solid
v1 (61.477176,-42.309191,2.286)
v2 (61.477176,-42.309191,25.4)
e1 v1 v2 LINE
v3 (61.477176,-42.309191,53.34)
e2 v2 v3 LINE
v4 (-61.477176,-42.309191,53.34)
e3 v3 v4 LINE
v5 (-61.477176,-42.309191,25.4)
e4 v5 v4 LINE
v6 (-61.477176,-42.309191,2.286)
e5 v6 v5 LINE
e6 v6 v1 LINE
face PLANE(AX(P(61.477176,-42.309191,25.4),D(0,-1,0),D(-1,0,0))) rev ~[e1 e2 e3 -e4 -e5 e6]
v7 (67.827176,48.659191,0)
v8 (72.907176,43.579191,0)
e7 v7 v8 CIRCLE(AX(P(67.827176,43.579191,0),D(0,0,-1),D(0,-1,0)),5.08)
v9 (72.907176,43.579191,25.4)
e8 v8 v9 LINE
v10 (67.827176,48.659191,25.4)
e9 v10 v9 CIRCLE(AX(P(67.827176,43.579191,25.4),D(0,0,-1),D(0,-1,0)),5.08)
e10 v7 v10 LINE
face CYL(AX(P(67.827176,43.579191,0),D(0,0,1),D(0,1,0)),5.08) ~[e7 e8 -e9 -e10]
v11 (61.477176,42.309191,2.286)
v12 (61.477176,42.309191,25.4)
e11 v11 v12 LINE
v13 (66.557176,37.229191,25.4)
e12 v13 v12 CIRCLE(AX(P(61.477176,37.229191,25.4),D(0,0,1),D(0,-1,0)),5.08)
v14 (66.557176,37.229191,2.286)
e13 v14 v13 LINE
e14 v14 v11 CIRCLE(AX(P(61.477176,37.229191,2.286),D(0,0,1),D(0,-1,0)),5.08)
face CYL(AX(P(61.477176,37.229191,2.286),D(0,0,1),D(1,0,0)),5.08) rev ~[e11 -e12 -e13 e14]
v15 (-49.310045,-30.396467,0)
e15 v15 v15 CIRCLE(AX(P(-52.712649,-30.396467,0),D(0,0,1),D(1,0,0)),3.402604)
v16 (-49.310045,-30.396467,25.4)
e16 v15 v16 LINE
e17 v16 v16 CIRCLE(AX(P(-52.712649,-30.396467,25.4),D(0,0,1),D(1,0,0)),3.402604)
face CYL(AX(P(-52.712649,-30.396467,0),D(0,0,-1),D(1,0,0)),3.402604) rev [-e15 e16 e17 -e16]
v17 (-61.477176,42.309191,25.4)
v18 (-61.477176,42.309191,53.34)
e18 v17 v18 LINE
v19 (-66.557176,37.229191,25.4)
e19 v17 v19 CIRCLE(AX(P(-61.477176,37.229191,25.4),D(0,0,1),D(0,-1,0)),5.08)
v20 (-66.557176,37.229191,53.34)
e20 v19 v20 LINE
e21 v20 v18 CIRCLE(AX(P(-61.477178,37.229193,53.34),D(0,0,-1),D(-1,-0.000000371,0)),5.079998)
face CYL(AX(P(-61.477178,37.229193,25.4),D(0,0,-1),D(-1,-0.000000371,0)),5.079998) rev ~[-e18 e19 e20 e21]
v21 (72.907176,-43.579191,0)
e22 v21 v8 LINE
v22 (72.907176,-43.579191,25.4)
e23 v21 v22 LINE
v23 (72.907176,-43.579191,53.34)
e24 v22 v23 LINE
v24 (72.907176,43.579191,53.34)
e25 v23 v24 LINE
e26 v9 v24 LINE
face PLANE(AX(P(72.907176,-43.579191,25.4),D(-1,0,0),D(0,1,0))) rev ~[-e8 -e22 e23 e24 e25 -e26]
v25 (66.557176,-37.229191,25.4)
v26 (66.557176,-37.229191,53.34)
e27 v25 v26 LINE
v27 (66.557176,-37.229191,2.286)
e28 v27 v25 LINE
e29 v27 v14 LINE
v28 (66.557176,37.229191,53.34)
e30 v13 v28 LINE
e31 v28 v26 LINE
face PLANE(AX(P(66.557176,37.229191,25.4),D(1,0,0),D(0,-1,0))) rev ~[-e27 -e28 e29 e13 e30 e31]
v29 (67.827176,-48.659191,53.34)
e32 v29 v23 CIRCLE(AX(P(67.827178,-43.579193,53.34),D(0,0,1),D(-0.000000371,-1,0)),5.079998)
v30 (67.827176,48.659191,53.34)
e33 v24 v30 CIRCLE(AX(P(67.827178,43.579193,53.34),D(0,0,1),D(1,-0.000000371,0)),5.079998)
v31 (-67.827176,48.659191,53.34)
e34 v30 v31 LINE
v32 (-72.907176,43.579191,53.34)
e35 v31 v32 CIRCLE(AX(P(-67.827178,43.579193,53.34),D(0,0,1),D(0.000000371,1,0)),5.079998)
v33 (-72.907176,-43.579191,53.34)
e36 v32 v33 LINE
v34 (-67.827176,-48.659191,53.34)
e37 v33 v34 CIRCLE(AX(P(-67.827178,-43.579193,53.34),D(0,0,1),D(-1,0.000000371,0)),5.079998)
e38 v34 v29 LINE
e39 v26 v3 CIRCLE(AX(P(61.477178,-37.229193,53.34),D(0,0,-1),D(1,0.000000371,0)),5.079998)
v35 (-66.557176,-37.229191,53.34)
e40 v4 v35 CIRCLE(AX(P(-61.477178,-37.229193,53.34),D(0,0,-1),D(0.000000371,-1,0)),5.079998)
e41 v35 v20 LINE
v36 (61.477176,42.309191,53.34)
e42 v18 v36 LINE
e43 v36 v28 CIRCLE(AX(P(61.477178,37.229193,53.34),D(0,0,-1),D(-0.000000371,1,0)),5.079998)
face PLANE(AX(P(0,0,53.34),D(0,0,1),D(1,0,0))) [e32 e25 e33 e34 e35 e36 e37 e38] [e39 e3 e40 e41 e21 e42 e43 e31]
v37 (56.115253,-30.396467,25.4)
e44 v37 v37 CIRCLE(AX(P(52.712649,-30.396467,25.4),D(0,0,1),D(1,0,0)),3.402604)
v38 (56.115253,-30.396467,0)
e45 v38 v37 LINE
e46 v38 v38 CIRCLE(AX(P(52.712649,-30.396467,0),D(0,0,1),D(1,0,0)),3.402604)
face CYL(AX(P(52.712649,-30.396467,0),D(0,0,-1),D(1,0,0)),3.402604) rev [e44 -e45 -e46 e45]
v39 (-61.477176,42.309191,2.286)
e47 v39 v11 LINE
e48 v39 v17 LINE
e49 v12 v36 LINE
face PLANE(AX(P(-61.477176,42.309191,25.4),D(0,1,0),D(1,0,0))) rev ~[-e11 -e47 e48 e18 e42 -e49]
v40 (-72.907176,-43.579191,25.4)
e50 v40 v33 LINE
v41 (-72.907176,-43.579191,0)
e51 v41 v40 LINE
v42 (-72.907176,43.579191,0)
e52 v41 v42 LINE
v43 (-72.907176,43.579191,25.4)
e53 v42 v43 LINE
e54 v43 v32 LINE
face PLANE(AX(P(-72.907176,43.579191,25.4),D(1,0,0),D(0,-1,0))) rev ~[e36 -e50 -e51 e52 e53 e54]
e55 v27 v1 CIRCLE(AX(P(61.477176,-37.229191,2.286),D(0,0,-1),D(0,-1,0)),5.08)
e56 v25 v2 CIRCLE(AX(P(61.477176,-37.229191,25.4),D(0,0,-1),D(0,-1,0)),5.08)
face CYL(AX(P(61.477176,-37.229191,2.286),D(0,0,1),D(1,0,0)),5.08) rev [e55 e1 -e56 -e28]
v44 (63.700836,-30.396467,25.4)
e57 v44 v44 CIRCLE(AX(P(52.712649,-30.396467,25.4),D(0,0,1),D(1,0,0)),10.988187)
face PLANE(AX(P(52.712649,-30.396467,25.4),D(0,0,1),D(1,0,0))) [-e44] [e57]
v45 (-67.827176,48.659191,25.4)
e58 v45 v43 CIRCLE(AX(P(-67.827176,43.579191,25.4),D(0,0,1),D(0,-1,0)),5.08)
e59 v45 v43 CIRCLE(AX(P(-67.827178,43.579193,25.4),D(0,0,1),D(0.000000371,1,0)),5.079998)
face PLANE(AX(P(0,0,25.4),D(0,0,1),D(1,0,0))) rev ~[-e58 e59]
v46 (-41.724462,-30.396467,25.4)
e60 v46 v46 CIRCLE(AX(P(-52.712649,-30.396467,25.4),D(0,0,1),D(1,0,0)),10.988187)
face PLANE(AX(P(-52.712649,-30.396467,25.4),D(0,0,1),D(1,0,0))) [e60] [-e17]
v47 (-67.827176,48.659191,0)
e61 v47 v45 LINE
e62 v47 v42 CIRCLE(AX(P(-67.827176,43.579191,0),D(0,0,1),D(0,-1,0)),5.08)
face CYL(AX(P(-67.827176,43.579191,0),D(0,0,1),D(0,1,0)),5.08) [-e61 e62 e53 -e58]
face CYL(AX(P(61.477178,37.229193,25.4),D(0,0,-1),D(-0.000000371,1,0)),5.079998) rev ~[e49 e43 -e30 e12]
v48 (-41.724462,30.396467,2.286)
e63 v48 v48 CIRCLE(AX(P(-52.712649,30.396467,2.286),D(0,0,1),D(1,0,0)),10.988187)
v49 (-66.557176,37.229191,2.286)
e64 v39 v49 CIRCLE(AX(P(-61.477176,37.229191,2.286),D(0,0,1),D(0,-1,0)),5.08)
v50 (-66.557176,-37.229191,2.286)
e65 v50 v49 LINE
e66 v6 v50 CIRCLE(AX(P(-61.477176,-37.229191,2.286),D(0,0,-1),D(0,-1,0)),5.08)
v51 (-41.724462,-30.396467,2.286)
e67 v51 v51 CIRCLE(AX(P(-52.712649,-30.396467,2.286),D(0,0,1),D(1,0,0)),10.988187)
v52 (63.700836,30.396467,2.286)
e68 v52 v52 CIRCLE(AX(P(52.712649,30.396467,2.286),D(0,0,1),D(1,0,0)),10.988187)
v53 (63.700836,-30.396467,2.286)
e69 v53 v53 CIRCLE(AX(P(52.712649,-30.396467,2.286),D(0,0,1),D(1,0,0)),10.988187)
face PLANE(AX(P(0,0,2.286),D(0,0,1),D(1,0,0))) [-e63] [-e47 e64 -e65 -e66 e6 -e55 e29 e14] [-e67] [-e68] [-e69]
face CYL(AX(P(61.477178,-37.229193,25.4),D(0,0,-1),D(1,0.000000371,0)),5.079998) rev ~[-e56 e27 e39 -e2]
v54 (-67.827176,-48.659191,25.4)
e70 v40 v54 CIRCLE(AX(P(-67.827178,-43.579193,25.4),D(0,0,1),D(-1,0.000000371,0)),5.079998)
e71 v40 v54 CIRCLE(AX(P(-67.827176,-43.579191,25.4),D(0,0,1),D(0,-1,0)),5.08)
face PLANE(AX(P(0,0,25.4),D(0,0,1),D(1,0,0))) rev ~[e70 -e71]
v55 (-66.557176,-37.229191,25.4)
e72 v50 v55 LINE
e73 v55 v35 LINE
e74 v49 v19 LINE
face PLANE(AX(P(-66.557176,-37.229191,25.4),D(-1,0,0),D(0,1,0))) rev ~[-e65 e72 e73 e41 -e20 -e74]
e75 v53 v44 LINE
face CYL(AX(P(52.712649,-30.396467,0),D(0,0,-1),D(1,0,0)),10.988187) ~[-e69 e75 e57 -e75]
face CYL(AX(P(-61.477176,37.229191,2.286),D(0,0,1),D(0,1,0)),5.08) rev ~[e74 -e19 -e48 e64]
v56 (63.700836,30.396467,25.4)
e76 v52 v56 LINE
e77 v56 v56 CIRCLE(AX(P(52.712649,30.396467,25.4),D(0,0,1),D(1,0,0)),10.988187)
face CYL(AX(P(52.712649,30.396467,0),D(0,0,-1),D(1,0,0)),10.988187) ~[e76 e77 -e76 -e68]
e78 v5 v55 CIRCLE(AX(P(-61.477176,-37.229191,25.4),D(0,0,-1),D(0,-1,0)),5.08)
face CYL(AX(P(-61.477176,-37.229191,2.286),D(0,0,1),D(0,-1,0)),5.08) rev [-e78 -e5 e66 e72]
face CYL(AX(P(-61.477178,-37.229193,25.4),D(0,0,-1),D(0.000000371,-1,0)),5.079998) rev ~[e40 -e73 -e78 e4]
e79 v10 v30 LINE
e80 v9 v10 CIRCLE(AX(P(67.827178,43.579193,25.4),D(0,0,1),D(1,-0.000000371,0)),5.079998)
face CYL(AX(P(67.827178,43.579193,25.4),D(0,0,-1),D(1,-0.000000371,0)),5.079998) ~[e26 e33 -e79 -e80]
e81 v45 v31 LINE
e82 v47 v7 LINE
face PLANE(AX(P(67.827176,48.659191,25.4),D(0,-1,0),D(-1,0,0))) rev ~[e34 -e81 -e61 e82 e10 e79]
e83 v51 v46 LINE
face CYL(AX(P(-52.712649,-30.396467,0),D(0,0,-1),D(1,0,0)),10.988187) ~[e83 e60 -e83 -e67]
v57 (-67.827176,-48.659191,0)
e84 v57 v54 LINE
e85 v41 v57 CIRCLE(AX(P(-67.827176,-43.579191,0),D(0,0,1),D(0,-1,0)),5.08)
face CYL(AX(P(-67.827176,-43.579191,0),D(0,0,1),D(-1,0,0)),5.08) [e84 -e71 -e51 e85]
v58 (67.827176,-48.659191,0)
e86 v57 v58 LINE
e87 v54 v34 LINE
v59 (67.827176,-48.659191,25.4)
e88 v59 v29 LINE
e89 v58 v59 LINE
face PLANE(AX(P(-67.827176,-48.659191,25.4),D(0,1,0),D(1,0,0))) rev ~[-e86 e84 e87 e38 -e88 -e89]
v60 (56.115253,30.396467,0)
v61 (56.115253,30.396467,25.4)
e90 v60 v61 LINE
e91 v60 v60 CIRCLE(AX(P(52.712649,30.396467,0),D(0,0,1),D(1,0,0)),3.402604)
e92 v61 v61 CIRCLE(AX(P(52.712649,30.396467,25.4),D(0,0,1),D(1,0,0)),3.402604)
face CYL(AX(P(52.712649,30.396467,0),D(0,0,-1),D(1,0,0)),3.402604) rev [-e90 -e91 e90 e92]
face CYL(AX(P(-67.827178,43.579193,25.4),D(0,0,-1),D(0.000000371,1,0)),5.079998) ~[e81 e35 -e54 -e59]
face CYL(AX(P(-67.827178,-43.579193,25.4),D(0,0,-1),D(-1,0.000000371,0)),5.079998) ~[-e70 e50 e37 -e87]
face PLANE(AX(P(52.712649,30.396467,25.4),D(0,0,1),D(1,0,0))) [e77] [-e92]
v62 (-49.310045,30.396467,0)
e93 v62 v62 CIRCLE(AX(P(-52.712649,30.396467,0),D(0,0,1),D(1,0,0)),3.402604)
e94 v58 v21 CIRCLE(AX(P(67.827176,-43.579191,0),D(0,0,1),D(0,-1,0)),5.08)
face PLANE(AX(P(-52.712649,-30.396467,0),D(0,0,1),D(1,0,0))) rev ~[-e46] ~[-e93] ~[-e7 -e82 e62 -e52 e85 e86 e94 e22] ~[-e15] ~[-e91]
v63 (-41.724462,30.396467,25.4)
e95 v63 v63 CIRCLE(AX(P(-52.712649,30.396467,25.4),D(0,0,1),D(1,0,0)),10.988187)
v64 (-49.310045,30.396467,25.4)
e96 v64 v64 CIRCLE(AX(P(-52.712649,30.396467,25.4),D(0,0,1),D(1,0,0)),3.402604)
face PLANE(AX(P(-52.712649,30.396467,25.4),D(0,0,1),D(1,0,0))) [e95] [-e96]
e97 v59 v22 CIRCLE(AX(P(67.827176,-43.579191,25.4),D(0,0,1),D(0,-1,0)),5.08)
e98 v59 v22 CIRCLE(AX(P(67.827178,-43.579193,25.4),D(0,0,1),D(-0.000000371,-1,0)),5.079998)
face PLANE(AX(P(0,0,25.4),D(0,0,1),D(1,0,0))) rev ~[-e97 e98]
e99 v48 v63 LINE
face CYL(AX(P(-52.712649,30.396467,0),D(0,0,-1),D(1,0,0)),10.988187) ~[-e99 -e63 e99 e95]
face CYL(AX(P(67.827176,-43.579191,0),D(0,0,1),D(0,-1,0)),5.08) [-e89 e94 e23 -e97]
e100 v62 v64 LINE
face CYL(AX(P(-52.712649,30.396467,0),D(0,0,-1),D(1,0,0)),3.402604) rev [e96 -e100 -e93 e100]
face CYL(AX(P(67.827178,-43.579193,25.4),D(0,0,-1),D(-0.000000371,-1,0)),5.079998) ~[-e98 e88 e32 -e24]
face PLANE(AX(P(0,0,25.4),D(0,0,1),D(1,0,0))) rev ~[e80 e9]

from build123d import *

# Parameters (mm, degrees)
F0_W      = 145.814352
F0_H      = 97.318382
F0_W_2    = 133.114352
F0_H_2    = 84.618382
F1_DEPTH  = 25.4
F0_R      = 10.988187
F2_DEPTH  = 2.286
F0_R_2    = 3.402604
F3_DEPTH  = 25.4
F4_DEPTH  = 25.4
F5_DEPTH  = 25.4
F6_R      = 5.08
F7_R      = 5.08
F8_R      = 5.08
F9_R      = 5.08
F10_R     = 5.08
F11_R     = 5.08
F12_R     = 5.08
F13_DEPTH = 27.94


with BuildPart() as f1:
    # F0 (on Top) → F1 (new body)
    with BuildSketch(Plane.XY):
        Rectangle(F0_W, F0_H)
        Rectangle(F0_W_2, F0_H_2, mode=Mode.SUBTRACT)
    extrude(amount=F1_DEPTH)

    # F0 (on Top) → F2 (join)
    with BuildSketch(Plane.XY):
        Rectangle(F0_W_2, F0_H_2)
        with Locations((-52.712649, -30.396467)):
            Circle(F0_R, mode=Mode.SUBTRACT)
        with Locations((52.712649, -30.396467)):
            Circle(F0_R, mode=Mode.SUBTRACT)
        with Locations((-52.712649, 30.396467)):
            Circle(F0_R, mode=Mode.SUBTRACT)
        with Locations((52.712649, 30.396467)):
            Circle(F0_R, mode=Mode.SUBTRACT)
    extrude(amount=F2_DEPTH)

    # F0 (on Top) → F3 (join)
    with BuildSketch(Plane.XY):
        with Locations((-52.712649, 30.396467)):
            Circle(F0_R)
        with Locations((-52.712649, 30.396467)):
            Circle(F0_R_2, mode=Mode.SUBTRACT)
    extrude(amount=F3_DEPTH)

    # F0 (on Top) → F4 (join)
    with BuildSketch(Plane.XY):
        with Locations((52.712649, 30.396467)):
            Circle(F0_R)
        with Locations((52.712649, 30.396467)):
            Circle(F0_R_2, mode=Mode.SUBTRACT)
    extrude(amount=F4_DEPTH)

    # F0 (on Top) → F5 (join)
    with BuildSketch(Plane.XY):
        with Locations((-52.712649, -30.396467)):
            Circle(F0_R)
        with Locations((-52.712649, -30.396467)):
            Circle(F0_R_2, mode=Mode.SUBTRACT)
        with Locations((52.712649, -30.396467)):
            Circle(F0_R)
        with Locations((52.712649, -30.396467)):
            Circle(F0_R_2, mode=Mode.SUBTRACT)
    extrude(amount=F5_DEPTH)

    # F6
    f6_edges = [f1.edges().sort_by_distance(p)[0] for p in [
        (-72.907176, -48.659191, 12.7),
        (72.907176, -48.659191, 12.7),
    ]]
    fillet(f6_edges, radius=F6_R)

    # F7
    f7_edges = [f1.edges().sort_by_distance(p)[0] for p in [
        (-66.557176, 42.309191, 13.843),
    ]]
    fillet(f7_edges, radius=F7_R)

    # F8
    f8_edges = [f1.edges().sort_by_distance(p)[0] for p in [
        (72.907176, 48.659191, 12.7),
    ]]
    fillet(f8_edges, radius=F8_R)

    # F9
    f9_edges = [f1.edges().sort_by_distance(p)[0] for p in [
        (-72.907176, 48.659191, 12.7),
    ]]
    fillet(f9_edges, radius=F9_R)

    # F10
    f10_edges = [f1.edges().sort_by_distance(p)[0] for p in [
        (66.557176, -42.309191, 13.843),
    ]]
    fillet(f10_edges, radius=F10_R)

    # F11
    f11_edges = [f1.edges().sort_by_distance(p)[0] for p in [
        (66.557176, 42.309191, 13.843),
    ]]
    fillet(f11_edges, radius=F11_R)

    # F12
    f12_edges = [f1.edges().sort_by_distance(p)[0] for p in [
        (-66.557176, -42.309191, 13.843),
    ]]
    fillet(f12_edges, radius=F12_R)

    # F1_face (on face) → F13 (join)
    with BuildSketch(Plane.XY.offset(25.4)):
        with BuildLine():
            Line((67.827176, 48.659191), (-67.827176, 48.659191))
            ThreePointArc((-67.827176, 48.659191), (-71.419279, 47.171294), (-72.907176, 43.579191))
            Line((-72.907176, 43.579191), (-72.907176, -43.579191))
            ThreePointArc((-72.907176, -43.579191), (-71.419279, -47.171294), (-67.827176, -48.659191))
            Line((-67.827176, -48.659191), (67.827176, -48.659191))
            ThreePointArc((67.827176, -48.659191), (71.419279, -47.171294), (72.907176, -43.579191))
            Line((72.907176, -43.579191), (72.907176, 43.579191))
            ThreePointArc((72.907176, 43.579191), (71.419279, 47.171294), (67.827176, 48.659191))
        make_face()
        with BuildLine():
            Line((61.477176, -42.309191), (-61.477176, -42.309191))
            ThreePointArc((-61.477176, -42.309191), (-65.069279, -40.821294), (-66.557176, -37.229191))
            Line((-66.557176, -37.229191), (-66.557176, 37.229191))
            ThreePointArc((-66.557176, 37.229191), (-65.069279, 40.821294), (-61.477176, 42.309191))
            Line((-61.477176, 42.309191), (61.477176, 42.309191))
            ThreePointArc((61.477176, 42.309191), (65.069279, 40.821294), (66.557176, 37.229191))
            Line((66.557176, 37.229191), (66.557176, -37.229191))
            ThreePointArc((66.557176, -37.229191), (65.069279, -40.821294), (61.477176, -42.309191))
        make_face(mode=Mode.SUBTRACT)
    extrude(amount=F13_DEPTH)


solid = f1.part
